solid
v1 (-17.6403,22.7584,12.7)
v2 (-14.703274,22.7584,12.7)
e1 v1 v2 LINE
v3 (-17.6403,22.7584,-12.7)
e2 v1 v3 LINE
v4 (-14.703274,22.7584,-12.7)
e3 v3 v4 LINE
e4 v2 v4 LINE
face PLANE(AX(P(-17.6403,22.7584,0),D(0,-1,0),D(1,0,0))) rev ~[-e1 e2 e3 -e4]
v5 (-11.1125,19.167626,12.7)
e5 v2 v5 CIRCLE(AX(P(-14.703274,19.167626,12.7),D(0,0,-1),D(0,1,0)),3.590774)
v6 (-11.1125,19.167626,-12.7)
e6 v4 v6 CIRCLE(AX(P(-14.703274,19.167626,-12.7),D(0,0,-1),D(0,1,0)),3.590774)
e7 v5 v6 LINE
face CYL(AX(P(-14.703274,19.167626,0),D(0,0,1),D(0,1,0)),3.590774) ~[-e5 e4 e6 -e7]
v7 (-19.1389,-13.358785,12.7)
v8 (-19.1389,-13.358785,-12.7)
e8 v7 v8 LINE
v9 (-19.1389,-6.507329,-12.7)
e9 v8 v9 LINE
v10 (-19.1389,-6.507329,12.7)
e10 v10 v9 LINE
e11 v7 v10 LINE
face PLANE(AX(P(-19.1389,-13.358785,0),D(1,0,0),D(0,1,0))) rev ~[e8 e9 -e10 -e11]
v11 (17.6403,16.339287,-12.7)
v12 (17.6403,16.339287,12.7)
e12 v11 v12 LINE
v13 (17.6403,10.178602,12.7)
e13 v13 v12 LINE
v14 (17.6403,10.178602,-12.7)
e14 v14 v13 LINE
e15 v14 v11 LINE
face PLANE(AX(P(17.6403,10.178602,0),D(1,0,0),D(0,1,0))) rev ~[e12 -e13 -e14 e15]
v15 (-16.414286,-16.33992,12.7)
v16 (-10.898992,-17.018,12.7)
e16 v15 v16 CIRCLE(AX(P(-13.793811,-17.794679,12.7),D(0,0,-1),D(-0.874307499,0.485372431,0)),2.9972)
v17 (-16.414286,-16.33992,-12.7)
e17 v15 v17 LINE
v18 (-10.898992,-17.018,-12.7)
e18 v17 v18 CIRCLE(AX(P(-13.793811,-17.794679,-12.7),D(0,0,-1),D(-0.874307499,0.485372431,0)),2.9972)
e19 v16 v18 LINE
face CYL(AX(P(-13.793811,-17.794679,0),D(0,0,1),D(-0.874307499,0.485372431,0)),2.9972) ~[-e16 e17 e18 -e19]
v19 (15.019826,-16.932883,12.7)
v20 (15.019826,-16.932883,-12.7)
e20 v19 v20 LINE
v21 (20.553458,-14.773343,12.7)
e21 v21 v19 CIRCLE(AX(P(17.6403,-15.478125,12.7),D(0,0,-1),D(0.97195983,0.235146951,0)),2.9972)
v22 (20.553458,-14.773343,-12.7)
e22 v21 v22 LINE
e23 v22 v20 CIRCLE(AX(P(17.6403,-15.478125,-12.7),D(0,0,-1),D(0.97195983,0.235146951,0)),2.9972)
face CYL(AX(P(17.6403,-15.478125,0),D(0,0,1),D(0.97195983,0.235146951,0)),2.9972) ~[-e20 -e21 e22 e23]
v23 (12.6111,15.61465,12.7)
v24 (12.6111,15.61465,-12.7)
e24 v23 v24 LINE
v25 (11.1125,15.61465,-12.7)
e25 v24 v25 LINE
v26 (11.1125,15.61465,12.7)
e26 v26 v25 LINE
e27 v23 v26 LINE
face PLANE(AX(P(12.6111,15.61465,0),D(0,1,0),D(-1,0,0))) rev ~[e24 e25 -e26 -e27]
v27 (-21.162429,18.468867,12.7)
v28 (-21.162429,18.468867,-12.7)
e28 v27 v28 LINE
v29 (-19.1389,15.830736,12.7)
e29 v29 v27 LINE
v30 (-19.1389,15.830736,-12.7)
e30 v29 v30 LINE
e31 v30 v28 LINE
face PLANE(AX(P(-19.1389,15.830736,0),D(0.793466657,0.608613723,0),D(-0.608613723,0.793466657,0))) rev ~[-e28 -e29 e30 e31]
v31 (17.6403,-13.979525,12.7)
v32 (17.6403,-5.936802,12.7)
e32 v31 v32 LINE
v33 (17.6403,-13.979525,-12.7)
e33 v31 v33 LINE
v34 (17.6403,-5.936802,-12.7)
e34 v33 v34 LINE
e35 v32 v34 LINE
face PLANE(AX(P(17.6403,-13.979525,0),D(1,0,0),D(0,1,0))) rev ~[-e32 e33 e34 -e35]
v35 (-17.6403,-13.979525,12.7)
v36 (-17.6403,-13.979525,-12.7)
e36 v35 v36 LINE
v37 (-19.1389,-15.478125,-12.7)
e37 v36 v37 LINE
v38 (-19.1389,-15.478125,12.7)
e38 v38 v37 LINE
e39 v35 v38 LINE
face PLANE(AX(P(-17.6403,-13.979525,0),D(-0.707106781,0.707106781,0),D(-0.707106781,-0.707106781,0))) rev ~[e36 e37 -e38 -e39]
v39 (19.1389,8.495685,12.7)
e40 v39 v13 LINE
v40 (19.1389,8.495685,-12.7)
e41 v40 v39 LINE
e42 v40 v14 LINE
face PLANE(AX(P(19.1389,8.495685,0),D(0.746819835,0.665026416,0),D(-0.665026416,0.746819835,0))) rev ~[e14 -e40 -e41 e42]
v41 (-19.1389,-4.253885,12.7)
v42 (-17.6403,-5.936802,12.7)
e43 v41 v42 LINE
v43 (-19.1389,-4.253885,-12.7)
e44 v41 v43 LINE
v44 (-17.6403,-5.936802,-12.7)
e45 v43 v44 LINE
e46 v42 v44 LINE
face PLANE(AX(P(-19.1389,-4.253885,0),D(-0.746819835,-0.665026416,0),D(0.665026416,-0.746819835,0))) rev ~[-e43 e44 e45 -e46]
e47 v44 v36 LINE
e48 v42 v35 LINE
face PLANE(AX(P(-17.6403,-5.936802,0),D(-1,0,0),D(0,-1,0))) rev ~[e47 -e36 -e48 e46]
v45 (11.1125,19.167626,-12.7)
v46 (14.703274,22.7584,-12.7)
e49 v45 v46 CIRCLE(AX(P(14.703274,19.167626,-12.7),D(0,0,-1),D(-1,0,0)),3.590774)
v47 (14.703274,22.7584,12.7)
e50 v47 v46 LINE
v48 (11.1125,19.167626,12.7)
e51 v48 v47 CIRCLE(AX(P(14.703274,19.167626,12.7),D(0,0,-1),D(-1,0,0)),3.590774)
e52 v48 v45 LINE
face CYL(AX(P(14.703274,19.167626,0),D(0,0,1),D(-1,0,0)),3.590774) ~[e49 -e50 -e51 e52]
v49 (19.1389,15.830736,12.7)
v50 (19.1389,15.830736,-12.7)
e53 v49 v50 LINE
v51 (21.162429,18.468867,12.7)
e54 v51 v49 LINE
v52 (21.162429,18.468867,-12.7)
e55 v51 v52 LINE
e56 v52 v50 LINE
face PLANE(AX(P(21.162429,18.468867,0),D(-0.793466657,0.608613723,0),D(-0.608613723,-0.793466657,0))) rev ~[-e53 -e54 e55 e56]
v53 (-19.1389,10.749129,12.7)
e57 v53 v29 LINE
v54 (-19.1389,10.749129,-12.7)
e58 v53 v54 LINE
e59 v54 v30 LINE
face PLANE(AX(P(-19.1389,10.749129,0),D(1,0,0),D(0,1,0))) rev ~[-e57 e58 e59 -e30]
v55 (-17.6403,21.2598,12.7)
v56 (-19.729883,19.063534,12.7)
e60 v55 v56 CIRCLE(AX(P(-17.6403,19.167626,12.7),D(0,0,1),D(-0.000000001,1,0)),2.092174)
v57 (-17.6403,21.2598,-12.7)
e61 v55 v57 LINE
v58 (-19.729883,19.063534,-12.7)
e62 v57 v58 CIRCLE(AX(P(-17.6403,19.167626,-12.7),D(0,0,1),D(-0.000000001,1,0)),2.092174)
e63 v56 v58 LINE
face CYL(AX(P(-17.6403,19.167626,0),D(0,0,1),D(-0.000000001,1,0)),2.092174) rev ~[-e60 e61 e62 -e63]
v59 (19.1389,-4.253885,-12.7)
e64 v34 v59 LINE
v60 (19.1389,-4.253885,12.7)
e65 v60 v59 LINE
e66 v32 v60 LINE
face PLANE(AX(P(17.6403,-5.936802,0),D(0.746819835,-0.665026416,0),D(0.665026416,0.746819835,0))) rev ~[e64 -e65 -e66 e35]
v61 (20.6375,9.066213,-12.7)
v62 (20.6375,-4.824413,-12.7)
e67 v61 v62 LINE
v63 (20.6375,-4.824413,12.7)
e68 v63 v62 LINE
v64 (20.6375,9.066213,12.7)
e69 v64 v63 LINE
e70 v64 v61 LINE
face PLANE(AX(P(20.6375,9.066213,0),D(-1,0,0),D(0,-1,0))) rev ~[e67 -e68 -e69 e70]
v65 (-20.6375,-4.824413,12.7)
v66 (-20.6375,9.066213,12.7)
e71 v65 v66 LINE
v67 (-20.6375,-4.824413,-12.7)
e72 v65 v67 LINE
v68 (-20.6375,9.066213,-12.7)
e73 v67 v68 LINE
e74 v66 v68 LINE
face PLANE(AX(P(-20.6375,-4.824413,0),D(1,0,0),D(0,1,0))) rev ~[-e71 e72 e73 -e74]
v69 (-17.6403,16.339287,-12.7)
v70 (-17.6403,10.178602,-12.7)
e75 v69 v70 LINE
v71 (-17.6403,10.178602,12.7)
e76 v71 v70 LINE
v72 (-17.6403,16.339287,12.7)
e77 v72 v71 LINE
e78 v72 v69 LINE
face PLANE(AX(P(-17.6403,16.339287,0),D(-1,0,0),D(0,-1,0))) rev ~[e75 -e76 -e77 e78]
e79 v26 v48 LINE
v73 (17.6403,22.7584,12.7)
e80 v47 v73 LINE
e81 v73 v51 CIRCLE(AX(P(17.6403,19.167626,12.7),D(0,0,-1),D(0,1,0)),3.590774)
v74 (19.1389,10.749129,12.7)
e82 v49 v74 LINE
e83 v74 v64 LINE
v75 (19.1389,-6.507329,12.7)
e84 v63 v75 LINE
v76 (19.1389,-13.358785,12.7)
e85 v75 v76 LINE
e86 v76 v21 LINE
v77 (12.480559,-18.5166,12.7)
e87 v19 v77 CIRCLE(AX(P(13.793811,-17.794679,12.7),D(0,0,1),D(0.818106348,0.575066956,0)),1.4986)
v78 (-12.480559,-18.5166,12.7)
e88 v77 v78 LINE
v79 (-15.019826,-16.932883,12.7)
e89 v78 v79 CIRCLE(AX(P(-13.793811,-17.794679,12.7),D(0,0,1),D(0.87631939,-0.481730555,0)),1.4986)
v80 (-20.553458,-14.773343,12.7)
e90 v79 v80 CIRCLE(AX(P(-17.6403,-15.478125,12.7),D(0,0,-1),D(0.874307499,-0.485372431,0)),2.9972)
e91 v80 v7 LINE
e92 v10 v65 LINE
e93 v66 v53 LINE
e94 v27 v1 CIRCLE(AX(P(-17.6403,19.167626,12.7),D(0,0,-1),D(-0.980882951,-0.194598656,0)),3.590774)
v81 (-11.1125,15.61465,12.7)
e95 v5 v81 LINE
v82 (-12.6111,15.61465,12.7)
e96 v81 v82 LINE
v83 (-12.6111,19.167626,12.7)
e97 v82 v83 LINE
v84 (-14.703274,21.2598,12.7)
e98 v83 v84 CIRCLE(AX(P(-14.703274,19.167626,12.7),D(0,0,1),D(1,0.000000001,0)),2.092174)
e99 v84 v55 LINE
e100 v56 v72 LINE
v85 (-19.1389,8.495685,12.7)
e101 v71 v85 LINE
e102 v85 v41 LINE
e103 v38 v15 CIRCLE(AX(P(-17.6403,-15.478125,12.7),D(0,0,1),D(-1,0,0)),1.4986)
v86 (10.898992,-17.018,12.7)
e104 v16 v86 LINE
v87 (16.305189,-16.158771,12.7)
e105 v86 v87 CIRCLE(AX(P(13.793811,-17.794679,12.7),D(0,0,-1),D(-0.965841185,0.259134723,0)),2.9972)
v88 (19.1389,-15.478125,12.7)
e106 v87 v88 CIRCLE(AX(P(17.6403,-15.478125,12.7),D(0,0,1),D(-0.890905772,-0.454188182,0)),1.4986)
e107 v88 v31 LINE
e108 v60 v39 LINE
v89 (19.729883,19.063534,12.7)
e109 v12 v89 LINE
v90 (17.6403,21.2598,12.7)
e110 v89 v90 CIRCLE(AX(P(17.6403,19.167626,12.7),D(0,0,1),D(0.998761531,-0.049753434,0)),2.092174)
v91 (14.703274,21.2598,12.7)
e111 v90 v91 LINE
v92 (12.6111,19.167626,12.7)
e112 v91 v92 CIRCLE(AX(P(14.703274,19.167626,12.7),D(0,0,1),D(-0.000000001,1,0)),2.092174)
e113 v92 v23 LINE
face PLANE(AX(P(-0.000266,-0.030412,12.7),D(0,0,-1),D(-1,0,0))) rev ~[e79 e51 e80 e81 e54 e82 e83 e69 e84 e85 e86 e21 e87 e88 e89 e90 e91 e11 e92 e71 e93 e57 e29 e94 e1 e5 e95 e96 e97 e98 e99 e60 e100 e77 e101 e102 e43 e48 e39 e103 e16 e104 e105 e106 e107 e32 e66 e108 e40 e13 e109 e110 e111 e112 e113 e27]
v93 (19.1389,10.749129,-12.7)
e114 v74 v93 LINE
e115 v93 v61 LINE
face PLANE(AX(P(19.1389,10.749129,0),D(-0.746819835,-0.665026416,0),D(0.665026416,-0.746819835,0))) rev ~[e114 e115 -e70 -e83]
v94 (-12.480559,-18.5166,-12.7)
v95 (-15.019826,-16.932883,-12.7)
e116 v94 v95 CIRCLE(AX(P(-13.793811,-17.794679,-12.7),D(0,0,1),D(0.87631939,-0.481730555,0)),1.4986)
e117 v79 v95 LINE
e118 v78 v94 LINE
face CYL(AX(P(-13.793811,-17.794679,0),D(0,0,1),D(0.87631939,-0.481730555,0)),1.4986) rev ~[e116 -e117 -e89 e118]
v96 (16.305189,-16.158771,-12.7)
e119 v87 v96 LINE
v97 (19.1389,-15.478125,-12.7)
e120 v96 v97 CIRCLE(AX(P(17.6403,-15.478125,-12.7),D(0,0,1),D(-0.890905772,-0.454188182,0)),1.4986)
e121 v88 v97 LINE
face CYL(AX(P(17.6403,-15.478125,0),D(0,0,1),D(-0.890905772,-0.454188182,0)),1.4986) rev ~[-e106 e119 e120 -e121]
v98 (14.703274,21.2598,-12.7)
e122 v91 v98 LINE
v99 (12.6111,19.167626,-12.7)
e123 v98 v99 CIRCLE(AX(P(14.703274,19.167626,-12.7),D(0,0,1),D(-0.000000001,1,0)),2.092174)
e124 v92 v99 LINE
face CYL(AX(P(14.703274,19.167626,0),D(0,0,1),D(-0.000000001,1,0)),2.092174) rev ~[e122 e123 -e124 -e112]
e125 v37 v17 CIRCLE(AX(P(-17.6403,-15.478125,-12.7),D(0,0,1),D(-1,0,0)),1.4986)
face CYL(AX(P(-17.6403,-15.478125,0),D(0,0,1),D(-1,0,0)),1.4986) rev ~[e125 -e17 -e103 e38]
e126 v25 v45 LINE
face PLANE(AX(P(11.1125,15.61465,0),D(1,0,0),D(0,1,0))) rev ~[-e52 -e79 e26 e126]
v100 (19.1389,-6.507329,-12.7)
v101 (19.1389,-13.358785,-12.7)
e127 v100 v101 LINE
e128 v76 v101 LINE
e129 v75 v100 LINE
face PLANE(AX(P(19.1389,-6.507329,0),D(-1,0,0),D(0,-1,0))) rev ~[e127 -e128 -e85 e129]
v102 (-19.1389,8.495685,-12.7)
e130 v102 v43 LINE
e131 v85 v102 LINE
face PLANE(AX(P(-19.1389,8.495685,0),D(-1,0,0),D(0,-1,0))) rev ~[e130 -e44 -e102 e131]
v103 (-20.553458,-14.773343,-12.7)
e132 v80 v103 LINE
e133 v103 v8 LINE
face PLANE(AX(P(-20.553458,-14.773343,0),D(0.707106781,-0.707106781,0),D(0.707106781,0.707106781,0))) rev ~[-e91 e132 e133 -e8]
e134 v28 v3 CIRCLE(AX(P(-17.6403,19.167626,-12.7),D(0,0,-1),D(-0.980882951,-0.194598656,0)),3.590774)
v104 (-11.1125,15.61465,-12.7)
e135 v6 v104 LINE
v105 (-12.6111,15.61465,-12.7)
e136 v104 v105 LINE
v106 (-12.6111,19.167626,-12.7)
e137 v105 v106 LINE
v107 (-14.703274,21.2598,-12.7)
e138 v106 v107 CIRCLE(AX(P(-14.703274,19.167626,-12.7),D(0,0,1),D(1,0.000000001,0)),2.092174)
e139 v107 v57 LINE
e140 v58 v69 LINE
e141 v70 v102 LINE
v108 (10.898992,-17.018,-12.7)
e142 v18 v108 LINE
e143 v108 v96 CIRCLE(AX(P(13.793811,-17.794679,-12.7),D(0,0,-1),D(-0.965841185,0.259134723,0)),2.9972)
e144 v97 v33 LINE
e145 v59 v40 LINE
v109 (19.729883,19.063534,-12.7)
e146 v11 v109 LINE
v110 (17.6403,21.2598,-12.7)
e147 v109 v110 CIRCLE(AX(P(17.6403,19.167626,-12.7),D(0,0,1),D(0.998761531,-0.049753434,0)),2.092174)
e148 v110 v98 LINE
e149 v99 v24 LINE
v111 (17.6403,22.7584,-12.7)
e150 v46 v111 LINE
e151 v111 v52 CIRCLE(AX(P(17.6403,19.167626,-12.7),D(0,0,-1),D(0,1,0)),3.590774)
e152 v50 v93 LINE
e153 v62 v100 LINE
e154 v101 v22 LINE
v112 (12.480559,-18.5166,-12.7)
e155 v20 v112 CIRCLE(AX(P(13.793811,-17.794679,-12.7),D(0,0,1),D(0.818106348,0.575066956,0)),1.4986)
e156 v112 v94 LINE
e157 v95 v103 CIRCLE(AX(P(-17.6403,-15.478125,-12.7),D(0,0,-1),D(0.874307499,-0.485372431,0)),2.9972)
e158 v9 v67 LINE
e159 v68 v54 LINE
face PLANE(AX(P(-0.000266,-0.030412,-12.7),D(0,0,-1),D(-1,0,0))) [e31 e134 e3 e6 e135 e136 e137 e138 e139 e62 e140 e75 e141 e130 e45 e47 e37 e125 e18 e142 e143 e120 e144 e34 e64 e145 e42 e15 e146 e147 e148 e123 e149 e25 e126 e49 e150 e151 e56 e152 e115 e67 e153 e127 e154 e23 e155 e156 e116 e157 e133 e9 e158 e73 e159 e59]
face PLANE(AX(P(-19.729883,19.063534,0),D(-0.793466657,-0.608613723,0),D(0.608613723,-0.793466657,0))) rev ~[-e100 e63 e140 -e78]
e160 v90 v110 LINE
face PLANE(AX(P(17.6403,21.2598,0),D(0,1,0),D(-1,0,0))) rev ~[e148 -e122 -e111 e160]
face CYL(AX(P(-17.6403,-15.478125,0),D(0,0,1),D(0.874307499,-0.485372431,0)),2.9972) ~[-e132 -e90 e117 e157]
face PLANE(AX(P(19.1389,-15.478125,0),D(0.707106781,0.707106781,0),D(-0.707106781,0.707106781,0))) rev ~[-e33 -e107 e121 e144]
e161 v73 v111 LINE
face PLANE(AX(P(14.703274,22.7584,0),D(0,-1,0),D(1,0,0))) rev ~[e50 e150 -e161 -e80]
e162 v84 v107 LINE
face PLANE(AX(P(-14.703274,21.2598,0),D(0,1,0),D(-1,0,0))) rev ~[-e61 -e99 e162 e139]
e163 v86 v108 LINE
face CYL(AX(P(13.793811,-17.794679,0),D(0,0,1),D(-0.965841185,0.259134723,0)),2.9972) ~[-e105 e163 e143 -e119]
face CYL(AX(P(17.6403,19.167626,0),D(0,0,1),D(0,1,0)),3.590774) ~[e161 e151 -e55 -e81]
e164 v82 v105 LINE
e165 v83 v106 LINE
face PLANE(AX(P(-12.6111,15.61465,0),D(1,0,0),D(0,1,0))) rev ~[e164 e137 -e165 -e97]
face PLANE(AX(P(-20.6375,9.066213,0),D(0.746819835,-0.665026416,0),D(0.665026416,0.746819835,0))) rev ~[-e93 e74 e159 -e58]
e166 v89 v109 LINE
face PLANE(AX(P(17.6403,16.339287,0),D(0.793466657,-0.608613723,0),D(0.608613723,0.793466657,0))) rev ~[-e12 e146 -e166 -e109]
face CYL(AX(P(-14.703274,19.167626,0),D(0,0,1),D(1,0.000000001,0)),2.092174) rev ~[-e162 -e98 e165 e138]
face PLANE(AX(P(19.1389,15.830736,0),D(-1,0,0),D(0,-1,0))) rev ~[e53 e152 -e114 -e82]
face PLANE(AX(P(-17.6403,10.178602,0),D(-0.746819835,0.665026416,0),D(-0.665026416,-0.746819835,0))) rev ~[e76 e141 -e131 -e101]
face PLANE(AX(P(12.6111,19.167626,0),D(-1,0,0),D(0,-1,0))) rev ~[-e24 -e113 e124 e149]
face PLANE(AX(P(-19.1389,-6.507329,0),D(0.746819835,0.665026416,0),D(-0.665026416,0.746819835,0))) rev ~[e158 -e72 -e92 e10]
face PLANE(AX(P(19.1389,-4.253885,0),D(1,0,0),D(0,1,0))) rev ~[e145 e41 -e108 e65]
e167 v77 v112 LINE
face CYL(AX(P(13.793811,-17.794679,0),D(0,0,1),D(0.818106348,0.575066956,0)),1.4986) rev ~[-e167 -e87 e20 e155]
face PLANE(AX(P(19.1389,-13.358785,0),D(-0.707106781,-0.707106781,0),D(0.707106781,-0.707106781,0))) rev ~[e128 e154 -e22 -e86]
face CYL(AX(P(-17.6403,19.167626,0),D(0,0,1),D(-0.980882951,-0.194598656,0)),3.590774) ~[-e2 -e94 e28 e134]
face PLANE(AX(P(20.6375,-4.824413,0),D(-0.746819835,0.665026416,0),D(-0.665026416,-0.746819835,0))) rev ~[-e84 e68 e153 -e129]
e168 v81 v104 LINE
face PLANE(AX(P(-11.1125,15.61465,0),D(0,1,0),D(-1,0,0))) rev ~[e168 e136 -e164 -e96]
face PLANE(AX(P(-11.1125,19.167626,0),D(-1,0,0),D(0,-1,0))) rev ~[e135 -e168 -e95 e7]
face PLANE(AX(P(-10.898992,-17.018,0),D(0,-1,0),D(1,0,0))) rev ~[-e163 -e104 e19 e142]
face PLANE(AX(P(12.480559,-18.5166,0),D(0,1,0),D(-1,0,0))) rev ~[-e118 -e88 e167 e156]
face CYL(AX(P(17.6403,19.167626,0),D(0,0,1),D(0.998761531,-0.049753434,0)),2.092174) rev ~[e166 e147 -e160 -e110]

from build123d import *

# Parameters (mm, degrees)
BASE_EXTRUDE_DEPTH = 12.7


with BuildPart() as part:
    # Sketch1 → Base-Extrude (new, symmetric)
    with BuildSketch(Plane.XY):
        with BuildLine():
            Line((17.6403, 16.339286512), (19.729882578, 19.063533504))
            ThreePointArc((19.729882578, 19.063533504), (19.156045845, 20.609744632), (17.6403, 21.2598))
            Line((17.6403, 21.2598), (14.70327367, 21.2598))
            ThreePointArc((14.70327367, 21.2598), (13.223883481, 20.647016519), (12.6111, 19.16762633))
            Line((12.6111, 19.16762633), (12.6111, 15.61465))
            Line((12.6111, 15.61465), (11.1125, 15.61465))
            Line((11.1125, 15.61465), (11.1125, 19.16762633))
            ThreePointArc((11.1125, 19.16762633), (12.164213258, 21.706686742), (14.70327367, 22.7584))
            Line((14.70327367, 22.7584), (17.6403, 22.7584))
            ThreePointArc((17.6403, 22.7584), (20.415434554, 21.446284653), (21.162428673, 18.4688666))
            Line((21.162428673, 18.4688666), (19.1389, 15.830735923))
            Line((19.1389, 15.830735923), (19.1389, 10.749129415))
            Line((19.1389, 10.749129415), (20.6375, 9.0662125))
            Line((20.6375, 9.0662125), (20.6375, -4.8244125))
            Line((20.6375, -4.8244125), (19.1389, -6.507329415))
            Line((19.1389, -6.507329415), (19.1389, -13.358784555))
            Line((19.1389, -13.358784555), (20.553458003, -14.773342558))
            ThreePointArc((20.553458003, -14.773342558), (18.729942105, -18.270236732), (15.019825564, -16.932883251))
            ThreePointArc((15.019825564, -16.932883251), (13.000752562, -16.523120627), (12.480559153, -18.5166))
            Line((12.480559153, -18.5166), (-12.480559153, -18.5166))
            ThreePointArc((-12.480559153, -18.5166), (-13.000752562, -16.523120627), (-15.019825564, -16.932883251))
            ThreePointArc((-15.019825564, -16.932883251), (-18.729942105, -18.270236732), (-20.553458003, -14.773342558))
            Line((-20.553458003, -14.773342558), (-19.1389, -13.358784555))
            Line((-19.1389, -13.358784555), (-19.1389, -6.507329415))
            Line((-19.1389, -6.507329415), (-20.6375, -4.8244125))
            Line((-20.6375, -4.8244125), (-20.6375, 9.0662125))
            Line((-20.6375, 9.0662125), (-19.1389, 10.749129415))
            Line((-19.1389, 10.749129415), (-19.1389, 15.830735923))
            Line((-19.1389, 15.830735923), (-21.162428673, 18.4688666))
            ThreePointArc((-21.162428673, 18.4688666), (-20.415434554, 21.446284653), (-17.6403, 22.7584))
            Line((-17.6403, 22.7584), (-14.70327367, 22.7584))
            ThreePointArc((-14.70327367, 22.7584), (-12.164213258, 21.706686742), (-11.1125, 19.16762633))
            Line((-11.1125, 19.16762633), (-11.1125, 15.61465))
            Line((-11.1125, 15.61465), (-12.6111, 15.61465))
            Line((-12.6111, 15.61465), (-12.6111, 19.16762633))
            ThreePointArc((-12.6111, 19.16762633), (-13.223883481, 20.647016519), (-14.70327367, 21.2598))
            Line((-14.70327367, 21.2598), (-17.6403, 21.2598))
            ThreePointArc((-17.6403, 21.2598), (-19.156045845, 20.609744632), (-19.729882578, 19.063533504))
            Line((-19.729882578, 19.063533504), (-17.6403, 16.339286512))
            Line((-17.6403, 16.339286512), (-17.6403, 10.17860201))
            Line((-17.6403, 10.17860201), (-19.1389, 8.495685095))
            Line((-19.1389, 8.495685095), (-19.1389, -4.253885095))
            Line((-19.1389, -4.253885095), (-17.6403, -5.93680201))
            Line((-17.6403, -5.93680201), (-17.6403, -13.979525))
            Line((-17.6403, -13.979525), (-19.1389, -15.478125))
            ThreePointArc((-19.1389, -15.478125), (-18.092238669, -16.906954381), (-16.414285827, -16.33992034))
            ThreePointArc((-16.414285827, -16.33992034), (-13.428073412, -14.819877156), (-10.898992189, -17.018))
            Line((-10.898992189, -17.018), (10.898992189, -17.018))
            ThreePointArc((10.898992189, -17.018), (13.323359075, -14.834630878), (16.30518861, -16.15877141))
            ThreePointArc((16.30518861, -16.15877141), (17.990302879, -16.935279743), (19.1389, -15.478125))
            Line((19.1389, -15.478125), (17.6403, -13.979525))
            Line((17.6403, -13.979525), (17.6403, -5.93680201))
            Line((17.6403, -5.93680201), (19.1389, -4.253885095))
            Line((19.1389, -4.253885095), (19.1389, 8.495685095))
            Line((19.1389, 8.495685095), (17.6403, 10.17860201))
            Line((17.6403, 10.17860201), (17.6403, 16.339286512))
        make_face()
    extrude(amount=BASE_EXTRUDE_DEPTH, both=True)


solid = part.part
